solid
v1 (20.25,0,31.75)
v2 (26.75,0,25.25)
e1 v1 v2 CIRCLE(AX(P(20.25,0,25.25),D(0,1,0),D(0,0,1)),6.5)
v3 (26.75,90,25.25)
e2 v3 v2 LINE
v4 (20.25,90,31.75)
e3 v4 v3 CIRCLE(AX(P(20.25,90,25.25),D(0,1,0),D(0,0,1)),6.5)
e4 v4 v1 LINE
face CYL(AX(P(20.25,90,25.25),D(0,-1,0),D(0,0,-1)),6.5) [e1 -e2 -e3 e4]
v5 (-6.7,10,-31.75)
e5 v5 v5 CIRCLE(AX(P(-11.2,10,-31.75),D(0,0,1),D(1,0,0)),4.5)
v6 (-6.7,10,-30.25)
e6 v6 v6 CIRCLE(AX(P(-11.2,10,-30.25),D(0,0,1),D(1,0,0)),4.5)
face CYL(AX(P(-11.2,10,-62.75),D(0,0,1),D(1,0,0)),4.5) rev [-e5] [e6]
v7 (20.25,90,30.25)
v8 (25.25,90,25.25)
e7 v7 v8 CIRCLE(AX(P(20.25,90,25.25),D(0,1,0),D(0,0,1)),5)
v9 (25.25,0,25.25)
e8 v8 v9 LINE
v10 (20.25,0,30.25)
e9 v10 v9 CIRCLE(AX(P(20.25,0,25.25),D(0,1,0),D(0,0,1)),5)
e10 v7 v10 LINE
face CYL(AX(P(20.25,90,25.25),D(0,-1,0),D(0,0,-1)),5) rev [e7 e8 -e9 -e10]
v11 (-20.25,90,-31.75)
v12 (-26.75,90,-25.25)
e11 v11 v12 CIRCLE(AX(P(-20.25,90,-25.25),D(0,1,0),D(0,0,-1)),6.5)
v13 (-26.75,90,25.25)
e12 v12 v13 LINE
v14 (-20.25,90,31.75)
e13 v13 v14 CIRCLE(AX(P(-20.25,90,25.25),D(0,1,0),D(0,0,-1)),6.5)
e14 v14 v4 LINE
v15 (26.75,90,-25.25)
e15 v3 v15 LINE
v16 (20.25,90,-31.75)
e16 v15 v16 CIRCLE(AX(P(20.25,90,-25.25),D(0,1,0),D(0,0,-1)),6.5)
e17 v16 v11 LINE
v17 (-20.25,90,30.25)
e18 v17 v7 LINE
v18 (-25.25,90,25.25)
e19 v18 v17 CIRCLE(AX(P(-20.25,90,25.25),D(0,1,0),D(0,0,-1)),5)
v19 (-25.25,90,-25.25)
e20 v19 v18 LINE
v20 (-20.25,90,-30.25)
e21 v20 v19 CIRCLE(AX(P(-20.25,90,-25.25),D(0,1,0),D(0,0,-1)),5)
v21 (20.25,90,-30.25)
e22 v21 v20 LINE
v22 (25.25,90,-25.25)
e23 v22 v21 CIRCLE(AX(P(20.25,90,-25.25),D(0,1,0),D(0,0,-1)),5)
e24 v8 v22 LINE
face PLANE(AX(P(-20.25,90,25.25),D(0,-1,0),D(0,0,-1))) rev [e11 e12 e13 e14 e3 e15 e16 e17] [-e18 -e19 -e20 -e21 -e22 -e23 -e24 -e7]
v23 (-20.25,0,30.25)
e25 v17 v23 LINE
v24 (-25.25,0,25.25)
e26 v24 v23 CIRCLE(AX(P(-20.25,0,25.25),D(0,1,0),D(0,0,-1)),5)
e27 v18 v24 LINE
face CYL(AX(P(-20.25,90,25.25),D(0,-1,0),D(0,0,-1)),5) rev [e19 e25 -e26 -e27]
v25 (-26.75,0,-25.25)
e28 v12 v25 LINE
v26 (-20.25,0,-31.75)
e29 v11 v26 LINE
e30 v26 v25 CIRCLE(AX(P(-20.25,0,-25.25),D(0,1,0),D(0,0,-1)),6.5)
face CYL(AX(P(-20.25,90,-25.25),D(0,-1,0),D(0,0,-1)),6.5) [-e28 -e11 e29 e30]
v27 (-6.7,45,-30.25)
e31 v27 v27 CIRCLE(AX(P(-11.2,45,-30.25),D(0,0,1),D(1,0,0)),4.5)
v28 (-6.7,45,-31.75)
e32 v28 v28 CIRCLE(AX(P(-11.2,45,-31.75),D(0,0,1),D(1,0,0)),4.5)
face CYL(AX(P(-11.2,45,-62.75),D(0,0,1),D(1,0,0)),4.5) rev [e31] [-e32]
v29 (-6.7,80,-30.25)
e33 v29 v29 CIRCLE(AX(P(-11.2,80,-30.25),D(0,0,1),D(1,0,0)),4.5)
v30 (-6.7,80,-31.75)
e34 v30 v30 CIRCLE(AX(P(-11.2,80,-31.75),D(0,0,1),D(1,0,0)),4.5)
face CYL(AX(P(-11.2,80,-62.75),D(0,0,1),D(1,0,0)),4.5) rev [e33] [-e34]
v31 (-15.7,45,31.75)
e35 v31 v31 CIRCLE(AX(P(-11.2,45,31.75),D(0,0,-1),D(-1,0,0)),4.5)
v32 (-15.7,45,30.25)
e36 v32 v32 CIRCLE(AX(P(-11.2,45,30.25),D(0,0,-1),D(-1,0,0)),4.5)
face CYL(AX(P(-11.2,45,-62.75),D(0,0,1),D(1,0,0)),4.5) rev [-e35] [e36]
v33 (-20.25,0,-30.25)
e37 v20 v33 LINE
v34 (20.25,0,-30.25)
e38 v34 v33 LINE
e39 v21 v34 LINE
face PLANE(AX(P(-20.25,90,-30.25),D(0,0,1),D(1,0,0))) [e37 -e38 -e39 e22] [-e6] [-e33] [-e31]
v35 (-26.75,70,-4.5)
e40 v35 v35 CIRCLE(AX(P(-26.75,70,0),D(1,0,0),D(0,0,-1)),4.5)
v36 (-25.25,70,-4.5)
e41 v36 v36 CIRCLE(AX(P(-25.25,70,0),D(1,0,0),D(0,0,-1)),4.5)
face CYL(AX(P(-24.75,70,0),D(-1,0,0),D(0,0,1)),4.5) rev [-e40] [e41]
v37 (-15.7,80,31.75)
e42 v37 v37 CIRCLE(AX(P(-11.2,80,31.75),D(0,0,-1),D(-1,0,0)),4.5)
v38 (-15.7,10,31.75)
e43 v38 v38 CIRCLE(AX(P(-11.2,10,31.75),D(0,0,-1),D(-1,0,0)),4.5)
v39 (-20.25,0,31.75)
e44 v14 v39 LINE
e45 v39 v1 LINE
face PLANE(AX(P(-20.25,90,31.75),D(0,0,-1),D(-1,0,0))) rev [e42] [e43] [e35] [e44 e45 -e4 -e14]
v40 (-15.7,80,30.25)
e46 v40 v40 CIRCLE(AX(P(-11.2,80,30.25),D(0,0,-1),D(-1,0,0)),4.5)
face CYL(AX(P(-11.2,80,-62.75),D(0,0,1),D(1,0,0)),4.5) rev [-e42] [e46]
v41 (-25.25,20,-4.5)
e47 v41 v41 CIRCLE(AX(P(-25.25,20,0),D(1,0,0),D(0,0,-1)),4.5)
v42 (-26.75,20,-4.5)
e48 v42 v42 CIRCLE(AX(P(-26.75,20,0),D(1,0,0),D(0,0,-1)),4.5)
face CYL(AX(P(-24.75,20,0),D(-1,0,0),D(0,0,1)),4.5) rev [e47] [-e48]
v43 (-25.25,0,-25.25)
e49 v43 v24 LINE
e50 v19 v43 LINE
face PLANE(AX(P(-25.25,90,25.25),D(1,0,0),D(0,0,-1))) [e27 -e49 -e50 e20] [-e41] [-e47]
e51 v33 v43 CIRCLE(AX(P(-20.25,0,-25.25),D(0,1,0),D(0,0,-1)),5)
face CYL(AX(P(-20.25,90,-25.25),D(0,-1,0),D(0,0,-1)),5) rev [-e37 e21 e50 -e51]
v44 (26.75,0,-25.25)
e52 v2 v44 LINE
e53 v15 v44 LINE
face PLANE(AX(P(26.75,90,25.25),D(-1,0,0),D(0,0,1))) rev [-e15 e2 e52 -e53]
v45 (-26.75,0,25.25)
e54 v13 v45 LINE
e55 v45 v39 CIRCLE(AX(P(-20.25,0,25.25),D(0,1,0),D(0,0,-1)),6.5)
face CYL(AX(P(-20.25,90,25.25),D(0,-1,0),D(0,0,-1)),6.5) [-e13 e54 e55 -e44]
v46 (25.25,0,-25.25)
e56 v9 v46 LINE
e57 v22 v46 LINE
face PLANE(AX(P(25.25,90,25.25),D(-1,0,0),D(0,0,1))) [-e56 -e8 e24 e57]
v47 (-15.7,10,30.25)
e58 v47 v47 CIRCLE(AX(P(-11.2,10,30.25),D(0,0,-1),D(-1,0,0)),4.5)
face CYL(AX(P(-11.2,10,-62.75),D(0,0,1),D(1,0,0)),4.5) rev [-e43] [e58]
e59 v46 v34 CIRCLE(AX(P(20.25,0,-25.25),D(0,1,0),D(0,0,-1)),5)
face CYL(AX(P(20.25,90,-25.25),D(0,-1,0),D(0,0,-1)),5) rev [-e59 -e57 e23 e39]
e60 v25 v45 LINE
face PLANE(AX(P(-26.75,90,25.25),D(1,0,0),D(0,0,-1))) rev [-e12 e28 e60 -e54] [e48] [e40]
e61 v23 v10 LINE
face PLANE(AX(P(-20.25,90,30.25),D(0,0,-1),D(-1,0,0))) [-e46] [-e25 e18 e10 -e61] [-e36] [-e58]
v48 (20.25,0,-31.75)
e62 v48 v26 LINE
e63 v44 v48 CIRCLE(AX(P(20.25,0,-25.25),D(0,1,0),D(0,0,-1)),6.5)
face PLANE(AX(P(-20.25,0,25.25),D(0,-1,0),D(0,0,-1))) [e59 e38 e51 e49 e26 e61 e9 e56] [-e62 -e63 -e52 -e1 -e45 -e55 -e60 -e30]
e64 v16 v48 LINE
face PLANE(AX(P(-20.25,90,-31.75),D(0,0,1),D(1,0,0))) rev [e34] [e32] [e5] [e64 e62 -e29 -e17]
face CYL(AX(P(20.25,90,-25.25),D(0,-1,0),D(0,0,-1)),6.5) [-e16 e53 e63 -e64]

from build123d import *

# Parameters (mm, degrees)
BOSS_EXTRUDE1_DEPTH = 90
SKETCH2_R           = 4.5
CUT_EXTRUDE1_DEPTH  = 10
SKETCH3_R           = 4.5
CUT_EXTRUDE2_DEPTH  = 95


with BuildPart() as part:
    # Sketch1 → Boss-Extrude1 (new body)
    with BuildSketch(Plane(origin=(0, 0, 0), x_dir=(1, 0, 0), z_dir=(0, 1, 0))):
        with BuildLine():
            Line((-20.25, -31.75), (20.25, -31.75))
            ThreePointArc((20.25, -31.75), (24.846194078, -29.846194078), (26.75, -25.25))
            Line((26.75, -25.25), (26.75, 25.25))
            ThreePointArc((26.75, 25.25), (24.846194078, 29.846194078), (20.25, 31.75))
            Line((20.25, 31.75), (-20.25, 31.75))
            ThreePointArc((-20.25, 31.75), (-24.846194078, 29.846194078), (-26.75, 25.25))
            Line((-26.75, 25.25), (-26.75, -25.25))
            ThreePointArc((-26.75, -25.25), (-24.846194078, -29.846194078), (-20.25, -31.75))
        make_face()
        with BuildLine():
            Line((-20.25, -30.25), (20.25, -30.25))
            ThreePointArc((20.25, -30.25), (23.785533906, -28.785533906), (25.25, -25.25))
            Line((25.25, -25.25), (25.25, 25.25))
            ThreePointArc((25.25, 25.25), (23.785533906, 28.785533906), (20.25, 30.25))
            Line((20.25, 30.25), (-20.25, 30.25))
            ThreePointArc((-20.25, 30.25), (-23.785533906, 28.785533906), (-25.25, 25.25))
            Line((-25.25, 25.25), (-25.25, -25.25))
            ThreePointArc((-25.25, -25.25), (-23.785533906, -28.785533906), (-20.25, -30.25))
        make_face(mode=Mode.SUBTRACT)
    extrude(amount=BOSS_EXTRUDE1_DEPTH)

    # Sketch2 → Cut-Extrude1 (cut)
    with BuildSketch(Plane.ZY.offset(34.75)):
        with Locations((0, 70)):
            Circle(SKETCH2_R)
        with Locations((0, 20)):
            Circle(SKETCH2_R)
    extrude(amount=-CUT_EXTRUDE1_DEPTH, mode=Mode.SUBTRACT)

    # Sketch3 → Cut-Extrude2 (cut)
    with BuildSketch(Plane.XY.offset(32.25)):
        with Locations((-11.2, 80)):
            Circle(SKETCH3_R)
        with Locations((-11.2, 10)):
            Circle(SKETCH3_R)
        with Locations((-11.2, 45)):
            Circle(SKETCH3_R)
    extrude(amount=-CUT_EXTRUDE2_DEPTH, mode=Mode.SUBTRACT)


solid = part.part
